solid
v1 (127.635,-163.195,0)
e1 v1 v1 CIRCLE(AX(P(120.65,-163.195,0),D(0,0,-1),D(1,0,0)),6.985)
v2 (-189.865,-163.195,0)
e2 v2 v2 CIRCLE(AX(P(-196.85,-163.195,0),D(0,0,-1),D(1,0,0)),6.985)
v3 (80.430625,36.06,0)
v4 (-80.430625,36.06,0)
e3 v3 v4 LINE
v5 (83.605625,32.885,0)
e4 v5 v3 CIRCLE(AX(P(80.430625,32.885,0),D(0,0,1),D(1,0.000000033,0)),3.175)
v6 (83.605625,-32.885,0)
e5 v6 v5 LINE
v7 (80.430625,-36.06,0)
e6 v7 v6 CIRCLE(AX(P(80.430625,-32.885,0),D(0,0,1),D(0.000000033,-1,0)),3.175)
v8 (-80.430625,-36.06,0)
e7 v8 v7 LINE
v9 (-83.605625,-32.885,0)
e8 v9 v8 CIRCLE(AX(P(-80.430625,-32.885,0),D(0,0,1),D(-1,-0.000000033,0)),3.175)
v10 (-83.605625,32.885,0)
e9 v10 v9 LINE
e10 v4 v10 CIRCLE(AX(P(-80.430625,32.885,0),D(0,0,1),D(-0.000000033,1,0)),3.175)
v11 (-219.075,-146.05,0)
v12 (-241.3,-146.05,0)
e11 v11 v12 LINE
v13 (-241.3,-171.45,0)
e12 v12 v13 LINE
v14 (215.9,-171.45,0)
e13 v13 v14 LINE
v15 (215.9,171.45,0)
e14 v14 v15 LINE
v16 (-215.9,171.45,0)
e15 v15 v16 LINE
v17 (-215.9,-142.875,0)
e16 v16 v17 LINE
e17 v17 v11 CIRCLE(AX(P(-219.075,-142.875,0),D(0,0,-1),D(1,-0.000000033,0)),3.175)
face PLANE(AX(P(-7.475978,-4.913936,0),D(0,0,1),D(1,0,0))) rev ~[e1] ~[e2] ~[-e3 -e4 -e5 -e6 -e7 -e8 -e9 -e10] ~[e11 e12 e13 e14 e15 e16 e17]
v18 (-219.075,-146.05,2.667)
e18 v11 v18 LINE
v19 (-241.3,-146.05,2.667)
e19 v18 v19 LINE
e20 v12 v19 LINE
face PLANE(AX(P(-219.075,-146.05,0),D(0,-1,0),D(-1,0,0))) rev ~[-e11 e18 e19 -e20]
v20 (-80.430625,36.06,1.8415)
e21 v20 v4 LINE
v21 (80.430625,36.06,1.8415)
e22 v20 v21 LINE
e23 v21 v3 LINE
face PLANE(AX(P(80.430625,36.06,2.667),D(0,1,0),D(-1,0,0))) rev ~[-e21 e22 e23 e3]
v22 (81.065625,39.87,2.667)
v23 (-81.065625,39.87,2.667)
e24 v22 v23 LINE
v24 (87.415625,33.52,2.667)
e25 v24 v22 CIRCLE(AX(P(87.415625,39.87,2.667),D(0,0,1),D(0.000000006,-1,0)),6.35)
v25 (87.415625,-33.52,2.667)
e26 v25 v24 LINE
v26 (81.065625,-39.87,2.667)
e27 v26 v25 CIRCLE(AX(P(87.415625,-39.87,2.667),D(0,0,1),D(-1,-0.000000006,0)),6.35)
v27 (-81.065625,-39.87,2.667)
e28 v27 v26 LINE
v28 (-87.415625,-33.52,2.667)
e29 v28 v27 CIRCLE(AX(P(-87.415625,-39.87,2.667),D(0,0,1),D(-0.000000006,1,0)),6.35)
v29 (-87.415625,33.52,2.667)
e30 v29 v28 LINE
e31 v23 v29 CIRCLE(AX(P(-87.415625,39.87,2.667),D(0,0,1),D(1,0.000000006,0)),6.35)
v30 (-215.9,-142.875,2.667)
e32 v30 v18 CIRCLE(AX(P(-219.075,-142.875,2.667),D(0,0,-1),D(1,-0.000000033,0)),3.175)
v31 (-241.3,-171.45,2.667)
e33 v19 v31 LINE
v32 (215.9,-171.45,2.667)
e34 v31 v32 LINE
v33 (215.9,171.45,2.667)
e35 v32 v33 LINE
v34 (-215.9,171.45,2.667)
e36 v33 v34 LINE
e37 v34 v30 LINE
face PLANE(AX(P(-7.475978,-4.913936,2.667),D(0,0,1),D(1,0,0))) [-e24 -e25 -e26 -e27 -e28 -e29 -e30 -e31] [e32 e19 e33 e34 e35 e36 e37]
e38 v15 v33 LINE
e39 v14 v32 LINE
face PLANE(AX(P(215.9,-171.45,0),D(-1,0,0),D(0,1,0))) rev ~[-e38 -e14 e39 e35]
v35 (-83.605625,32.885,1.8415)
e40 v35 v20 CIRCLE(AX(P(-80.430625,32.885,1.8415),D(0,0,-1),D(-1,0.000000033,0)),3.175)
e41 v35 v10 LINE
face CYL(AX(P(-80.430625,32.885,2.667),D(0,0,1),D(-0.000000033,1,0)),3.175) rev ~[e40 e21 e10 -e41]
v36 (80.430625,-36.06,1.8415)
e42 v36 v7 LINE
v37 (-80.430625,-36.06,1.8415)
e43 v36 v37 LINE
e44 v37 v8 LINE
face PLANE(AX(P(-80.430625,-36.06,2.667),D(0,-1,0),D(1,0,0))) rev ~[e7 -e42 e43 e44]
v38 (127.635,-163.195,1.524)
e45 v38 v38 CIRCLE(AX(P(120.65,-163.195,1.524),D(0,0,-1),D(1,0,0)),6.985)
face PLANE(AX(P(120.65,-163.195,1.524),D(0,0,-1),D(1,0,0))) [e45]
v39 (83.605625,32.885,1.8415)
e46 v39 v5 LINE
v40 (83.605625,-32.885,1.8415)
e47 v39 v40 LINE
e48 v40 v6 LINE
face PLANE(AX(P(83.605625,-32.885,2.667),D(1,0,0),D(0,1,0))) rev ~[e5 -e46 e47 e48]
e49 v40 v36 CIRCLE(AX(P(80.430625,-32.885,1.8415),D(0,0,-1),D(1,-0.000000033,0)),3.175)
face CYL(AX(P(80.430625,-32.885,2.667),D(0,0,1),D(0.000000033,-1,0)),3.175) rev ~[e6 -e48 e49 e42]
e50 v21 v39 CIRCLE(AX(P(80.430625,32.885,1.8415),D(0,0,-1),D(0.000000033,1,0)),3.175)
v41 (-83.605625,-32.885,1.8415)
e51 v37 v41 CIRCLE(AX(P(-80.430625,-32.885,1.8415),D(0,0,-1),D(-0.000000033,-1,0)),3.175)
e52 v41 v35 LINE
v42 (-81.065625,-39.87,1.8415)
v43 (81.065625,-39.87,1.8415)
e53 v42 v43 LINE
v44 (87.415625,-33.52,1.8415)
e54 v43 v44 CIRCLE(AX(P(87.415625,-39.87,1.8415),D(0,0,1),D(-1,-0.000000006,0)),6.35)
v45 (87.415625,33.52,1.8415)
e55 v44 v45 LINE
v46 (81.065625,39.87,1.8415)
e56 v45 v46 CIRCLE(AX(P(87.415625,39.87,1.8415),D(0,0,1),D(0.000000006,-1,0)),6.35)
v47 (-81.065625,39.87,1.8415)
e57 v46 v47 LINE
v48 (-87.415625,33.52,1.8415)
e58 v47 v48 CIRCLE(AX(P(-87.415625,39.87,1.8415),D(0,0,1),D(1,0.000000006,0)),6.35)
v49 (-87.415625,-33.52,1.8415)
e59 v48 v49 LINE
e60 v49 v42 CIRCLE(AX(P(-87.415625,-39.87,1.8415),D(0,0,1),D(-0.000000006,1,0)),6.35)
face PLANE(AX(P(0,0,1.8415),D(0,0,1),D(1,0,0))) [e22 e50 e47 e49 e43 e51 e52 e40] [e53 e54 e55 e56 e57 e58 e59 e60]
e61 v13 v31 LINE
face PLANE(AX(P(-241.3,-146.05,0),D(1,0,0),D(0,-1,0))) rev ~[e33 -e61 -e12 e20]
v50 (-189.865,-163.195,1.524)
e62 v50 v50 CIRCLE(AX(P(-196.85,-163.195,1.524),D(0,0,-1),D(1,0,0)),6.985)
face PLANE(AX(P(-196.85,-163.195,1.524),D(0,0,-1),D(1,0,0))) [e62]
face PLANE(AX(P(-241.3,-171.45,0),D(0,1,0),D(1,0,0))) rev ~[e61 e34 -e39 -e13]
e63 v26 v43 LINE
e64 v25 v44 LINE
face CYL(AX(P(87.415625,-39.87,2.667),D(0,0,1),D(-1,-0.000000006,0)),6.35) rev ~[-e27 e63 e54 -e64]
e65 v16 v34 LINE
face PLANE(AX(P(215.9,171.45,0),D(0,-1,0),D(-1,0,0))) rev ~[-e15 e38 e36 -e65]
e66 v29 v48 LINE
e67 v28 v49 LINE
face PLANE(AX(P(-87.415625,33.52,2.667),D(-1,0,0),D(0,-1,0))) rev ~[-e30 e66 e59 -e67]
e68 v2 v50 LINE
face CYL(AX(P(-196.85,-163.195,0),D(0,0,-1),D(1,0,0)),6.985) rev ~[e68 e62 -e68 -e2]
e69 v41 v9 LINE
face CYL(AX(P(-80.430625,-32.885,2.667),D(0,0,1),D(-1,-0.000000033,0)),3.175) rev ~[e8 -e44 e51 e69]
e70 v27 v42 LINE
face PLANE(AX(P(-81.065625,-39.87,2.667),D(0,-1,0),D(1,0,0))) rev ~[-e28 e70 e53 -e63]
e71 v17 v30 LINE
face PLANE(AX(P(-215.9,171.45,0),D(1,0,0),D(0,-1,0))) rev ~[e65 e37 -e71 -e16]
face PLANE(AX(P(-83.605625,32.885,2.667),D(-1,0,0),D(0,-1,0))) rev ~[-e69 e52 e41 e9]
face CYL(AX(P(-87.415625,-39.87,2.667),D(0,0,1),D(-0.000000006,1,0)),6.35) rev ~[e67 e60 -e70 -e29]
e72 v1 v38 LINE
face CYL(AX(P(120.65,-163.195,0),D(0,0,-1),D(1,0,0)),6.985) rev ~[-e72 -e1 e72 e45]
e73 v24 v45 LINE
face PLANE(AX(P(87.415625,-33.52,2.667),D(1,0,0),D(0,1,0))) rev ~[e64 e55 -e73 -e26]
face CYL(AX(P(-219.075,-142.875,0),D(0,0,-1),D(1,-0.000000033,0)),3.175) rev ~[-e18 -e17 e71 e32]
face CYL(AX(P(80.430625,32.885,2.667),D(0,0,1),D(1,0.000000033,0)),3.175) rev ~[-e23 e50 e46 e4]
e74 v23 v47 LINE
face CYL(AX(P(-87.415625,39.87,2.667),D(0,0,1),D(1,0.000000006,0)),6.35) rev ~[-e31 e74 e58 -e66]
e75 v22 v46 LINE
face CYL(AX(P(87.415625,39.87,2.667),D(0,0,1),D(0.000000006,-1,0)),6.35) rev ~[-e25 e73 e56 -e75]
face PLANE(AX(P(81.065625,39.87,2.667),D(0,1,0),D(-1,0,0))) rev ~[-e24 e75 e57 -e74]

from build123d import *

# Parameters (mm, degrees)
F1_DEPTH = 2.667
F2_R     = 6.985
F3_DEPTH = 1.524
F5_DEPTH = 0.8255
F7_DEPTH = 2.668


with BuildPart() as f1:
    # F0 (on Top) → F1 (new body)
    with BuildSketch(Plane.XY):
        with BuildLine():
            Line((215.9, 171.45), (-215.9, 171.45))
            Line((-215.9, 171.45), (-215.9, -142.875))
            ThreePointArc((-215.9, -142.875), (-216.829936, -145.120064), (-219.075, -146.05))
            Line((-219.075, -146.05), (-241.3, -146.05))
            Line((-241.3, -146.05), (-241.3, -171.45))
            Line((-241.3, -171.45), (215.9, -171.45))
            Line((215.9, -171.45), (215.9, 171.45))
        make_face()
    extrude(amount=F1_DEPTH)

    # F2 (on face) → F3 (cut)
    with BuildSketch(Plane(origin=(0, 0, 0), x_dir=(1, 0, 0), z_dir=(0, 0, -1))):
        with Locations((-196.85, 163.195)):
            Circle(F2_R)
        with Locations((120.65, 163.195)):
            Circle(F2_R)
    extrude(amount=-F3_DEPTH, mode=Mode.SUBTRACT)

    # F4 (on face) → F5 (cut)
    with BuildSketch(Plane.XY.offset(2.667)):
        with BuildLine():
            Line((-81.065625, -39.87), (81.065625, -39.87))
            ThreePointArc((81.065625, -39.87), (91.905753, -44.360128), (87.415625, -33.52))
            Line((87.415625, -33.52), (87.415625, 33.52))
            ThreePointArc((87.415625, 33.52), (91.905753, 44.360128), (81.065625, 39.87))
            Line((81.065625, 39.87), (-81.065625, 39.87))
            ThreePointArc((-81.065625, 39.87), (-91.905753, 44.360128), (-87.415625, 33.52))
            Line((-87.415625, 33.52), (-87.415625, -33.52))
            ThreePointArc((-87.415625, -33.52), (-91.905753, -44.360128), (-81.065625, -39.87))
        make_face()
        with BuildLine():
            Line((-80.430625, 36.06), (80.430625, 36.06))
            ThreePointArc((80.430625, 36.06), (82.675689, 35.130064), (83.605625, 32.885))
            Line((83.605625, 32.885), (83.605625, -32.885))
            ThreePointArc((83.605625, -32.885), (82.675689, -35.130064), (80.430625, -36.06))
            Line((80.430625, -36.06), (-80.430625, -36.06))
            ThreePointArc((-80.430625, -36.06), (-82.675689, -35.130064), (-83.605625, -32.885))
            Line((-83.605625, -32.885), (-83.605625, 32.885))
            ThreePointArc((-83.605625, 32.885), (-82.675689, 35.130064), (-80.430625, 36.06))
        make_face(mode=Mode.SUBTRACT)
    extrude(amount=-F5_DEPTH, mode=Mode.SUBTRACT)

    # F6 (on face) → F7 (cut, through all)
    with BuildSketch(Plane.XY.offset(2.667)):
        with BuildLine():
            Line((83.605625, -32.885), (83.605625, 32.885))
            ThreePointArc((83.605625, 32.885), (82.675689, 35.130064), (80.430625, 36.06))
            Line((80.430625, 36.06), (-80.430625, 36.06))
            ThreePointArc((-80.430625, 36.06), (-82.675689, 35.130064), (-83.605625, 32.885))
            Line((-83.605625, 32.885), (-83.605625, -32.885))
            ThreePointArc((-83.605625, -32.885), (-82.675689, -35.130064), (-80.430625, -36.06))
            Line((-80.430625, -36.06), (80.430625, -36.06))
            ThreePointArc((80.430625, -36.06), (82.675689, -35.130064), (83.605625, -32.885))
        make_face()
    extrude(amount=-F7_DEPTH, mode=Mode.SUBTRACT)


solid = f1.part
